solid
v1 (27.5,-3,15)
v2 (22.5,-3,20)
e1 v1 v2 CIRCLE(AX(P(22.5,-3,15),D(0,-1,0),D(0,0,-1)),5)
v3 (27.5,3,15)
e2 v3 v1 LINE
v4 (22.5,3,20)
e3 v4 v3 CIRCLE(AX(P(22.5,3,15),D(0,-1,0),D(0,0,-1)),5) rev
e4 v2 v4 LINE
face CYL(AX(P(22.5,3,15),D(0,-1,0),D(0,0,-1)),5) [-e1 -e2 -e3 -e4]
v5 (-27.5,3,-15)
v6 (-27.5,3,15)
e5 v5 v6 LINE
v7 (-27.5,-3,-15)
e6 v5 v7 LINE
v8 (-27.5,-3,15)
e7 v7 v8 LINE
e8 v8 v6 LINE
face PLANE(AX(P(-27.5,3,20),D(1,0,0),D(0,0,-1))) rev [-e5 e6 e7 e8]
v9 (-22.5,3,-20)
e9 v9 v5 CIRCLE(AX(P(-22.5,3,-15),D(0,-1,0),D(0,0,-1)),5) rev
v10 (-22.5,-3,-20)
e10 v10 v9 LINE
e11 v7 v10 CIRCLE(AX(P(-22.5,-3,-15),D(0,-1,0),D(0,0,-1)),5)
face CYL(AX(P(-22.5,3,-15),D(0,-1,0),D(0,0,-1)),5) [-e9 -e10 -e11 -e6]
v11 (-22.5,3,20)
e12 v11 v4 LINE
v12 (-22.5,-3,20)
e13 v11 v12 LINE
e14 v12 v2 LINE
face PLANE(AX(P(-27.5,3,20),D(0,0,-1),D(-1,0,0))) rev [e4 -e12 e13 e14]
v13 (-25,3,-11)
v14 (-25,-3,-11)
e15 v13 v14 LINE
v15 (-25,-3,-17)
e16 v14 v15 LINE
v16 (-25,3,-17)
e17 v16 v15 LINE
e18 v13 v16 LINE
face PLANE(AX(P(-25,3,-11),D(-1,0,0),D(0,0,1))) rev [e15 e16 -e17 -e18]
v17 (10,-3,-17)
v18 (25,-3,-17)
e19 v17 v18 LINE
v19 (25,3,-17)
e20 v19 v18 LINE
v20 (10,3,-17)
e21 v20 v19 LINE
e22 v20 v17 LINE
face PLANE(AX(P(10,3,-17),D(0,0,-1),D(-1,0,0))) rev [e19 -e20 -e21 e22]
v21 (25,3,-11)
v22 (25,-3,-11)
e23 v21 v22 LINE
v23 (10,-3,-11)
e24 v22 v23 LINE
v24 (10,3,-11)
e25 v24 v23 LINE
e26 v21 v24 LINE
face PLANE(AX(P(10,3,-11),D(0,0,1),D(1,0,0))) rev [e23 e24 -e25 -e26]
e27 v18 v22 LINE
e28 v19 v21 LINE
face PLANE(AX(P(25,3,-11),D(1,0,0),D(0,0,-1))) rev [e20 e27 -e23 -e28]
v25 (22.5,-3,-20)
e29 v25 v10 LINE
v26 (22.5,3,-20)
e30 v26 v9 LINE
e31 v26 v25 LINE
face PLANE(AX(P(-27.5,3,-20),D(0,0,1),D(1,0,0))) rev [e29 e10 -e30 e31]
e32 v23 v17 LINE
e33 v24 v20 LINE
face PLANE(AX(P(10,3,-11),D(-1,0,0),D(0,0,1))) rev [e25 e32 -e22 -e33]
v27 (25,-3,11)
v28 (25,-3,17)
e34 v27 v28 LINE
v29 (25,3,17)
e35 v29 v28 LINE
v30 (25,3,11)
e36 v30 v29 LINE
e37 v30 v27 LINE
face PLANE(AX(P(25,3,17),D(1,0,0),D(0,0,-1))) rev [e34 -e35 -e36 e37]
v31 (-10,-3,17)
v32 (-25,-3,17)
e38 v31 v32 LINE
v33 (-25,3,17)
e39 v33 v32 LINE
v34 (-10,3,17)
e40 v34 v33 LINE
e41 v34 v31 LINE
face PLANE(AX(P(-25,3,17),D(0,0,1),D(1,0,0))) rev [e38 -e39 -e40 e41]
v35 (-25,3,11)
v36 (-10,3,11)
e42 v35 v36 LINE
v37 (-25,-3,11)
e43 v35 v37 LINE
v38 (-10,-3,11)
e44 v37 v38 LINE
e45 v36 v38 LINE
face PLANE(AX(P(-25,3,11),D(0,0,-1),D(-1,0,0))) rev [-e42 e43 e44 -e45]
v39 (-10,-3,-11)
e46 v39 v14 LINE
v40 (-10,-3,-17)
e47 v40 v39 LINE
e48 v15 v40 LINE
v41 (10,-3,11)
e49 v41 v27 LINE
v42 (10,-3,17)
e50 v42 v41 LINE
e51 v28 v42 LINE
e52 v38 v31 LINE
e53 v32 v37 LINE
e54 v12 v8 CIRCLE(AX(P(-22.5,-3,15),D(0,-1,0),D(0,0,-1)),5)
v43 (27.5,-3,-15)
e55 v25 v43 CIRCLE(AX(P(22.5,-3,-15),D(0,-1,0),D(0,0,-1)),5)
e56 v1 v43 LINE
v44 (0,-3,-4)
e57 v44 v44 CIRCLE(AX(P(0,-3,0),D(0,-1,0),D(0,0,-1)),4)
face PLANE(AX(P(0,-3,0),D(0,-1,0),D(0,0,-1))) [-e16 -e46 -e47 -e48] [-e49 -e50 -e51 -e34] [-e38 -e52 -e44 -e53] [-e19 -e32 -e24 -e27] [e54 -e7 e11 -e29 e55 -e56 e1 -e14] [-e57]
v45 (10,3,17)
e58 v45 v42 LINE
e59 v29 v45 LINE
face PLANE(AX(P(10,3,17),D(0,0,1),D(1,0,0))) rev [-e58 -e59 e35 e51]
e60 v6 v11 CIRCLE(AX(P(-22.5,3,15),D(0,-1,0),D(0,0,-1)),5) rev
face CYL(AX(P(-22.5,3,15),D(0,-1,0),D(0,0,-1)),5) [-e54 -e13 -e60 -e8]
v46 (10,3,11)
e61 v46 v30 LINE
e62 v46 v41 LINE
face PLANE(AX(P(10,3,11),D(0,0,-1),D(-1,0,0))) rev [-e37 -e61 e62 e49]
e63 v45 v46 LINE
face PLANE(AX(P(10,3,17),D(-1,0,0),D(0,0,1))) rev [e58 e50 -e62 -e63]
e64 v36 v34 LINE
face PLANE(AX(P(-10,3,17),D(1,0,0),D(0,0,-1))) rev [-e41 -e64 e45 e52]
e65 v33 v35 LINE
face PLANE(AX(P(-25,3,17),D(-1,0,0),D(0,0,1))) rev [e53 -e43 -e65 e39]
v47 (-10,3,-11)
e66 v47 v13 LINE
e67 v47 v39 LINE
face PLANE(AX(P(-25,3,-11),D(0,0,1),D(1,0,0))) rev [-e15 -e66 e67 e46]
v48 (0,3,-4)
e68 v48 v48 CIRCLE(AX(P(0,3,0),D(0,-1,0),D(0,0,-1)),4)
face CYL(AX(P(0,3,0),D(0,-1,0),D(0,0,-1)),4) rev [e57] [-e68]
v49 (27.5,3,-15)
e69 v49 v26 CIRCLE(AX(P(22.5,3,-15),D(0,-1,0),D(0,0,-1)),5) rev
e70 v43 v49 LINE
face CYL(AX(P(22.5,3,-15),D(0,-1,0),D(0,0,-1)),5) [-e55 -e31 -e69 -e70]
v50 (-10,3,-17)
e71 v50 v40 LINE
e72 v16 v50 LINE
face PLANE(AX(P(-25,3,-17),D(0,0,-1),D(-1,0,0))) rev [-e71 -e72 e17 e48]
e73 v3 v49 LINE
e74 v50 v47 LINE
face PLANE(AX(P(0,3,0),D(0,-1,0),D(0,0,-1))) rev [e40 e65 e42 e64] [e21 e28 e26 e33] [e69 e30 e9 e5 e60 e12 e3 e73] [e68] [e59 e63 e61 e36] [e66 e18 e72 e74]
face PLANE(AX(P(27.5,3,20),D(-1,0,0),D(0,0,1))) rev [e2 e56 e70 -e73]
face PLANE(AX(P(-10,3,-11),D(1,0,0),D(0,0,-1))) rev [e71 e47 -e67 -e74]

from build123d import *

# Parameters (mm, degrees)
CROQUIS1_W              = 55
CROQUIS1_H              = 40
SALIENTE_EXTRUIR1_DEPTH = 3
CROQUIS2_W              = 15
CROQUIS2_H              = 6
CORTAR_EXTRUIR1_DEPTH   = 35.528973341
CROQUIS3_R              = 4
CORTAR_EXTRUIR2_DEPTH   = 35.528973341
REDONDEO1_R             = 5


with BuildPart() as part:
    # Croquis1 → Saliente-Extruir1 (new, symmetric)
    with BuildSketch(Plane(origin=(0, 0, 0), x_dir=(1, 0, 0), z_dir=(0, 1, 0))):
        Rectangle(CROQUIS1_W, CROQUIS1_H)
    extrude(amount=SALIENTE_EXTRUIR1_DEPTH, both=True)

    # Croquis2 → Cortar-Extruir1 (cut, through all)
    with BuildSketch(Plane(origin=(0, -3, 0), x_dir=(-1, 0, 0), z_dir=(0, -1, 0))):
        with Locations((17.5, -14)):
            Rectangle(CROQUIS2_W, CROQUIS2_H)
        with Locations((-17.5, -14)):
            Rectangle(CROQUIS2_W, CROQUIS2_H)
        with Locations((17.5, 14)):
            Rectangle(CROQUIS2_W, CROQUIS2_H)
        with Locations((-17.5, 14)):
            Rectangle(CROQUIS2_W, CROQUIS2_H)
    extrude(amount=-CORTAR_EXTRUIR1_DEPTH, mode=Mode.SUBTRACT)

    # Croquis3 → Cortar-Extruir2 (cut, through all)
    with BuildSketch(Plane(origin=(0, -3, 0), x_dir=(-1, 0, 0), z_dir=(0, -1, 0))):
        with Locations(Location((0, 0, 0), (0, 0, 90))):
            Circle(CROQUIS3_R)
    extrude(amount=-CORTAR_EXTRUIR2_DEPTH, mode=Mode.SUBTRACT)

    # Redondeo1
    redondeo1_edges = [part.edges().sort_by_distance(p)[0] for p in [
        (27.5, 0, 20),
        (-27.5, 0, 20),
        (-27.5, 0, -20),
        (27.5, 0, -20),
    ]]
    fillet(redondeo1_edges, radius=REDONDEO1_R)


solid = part.part
